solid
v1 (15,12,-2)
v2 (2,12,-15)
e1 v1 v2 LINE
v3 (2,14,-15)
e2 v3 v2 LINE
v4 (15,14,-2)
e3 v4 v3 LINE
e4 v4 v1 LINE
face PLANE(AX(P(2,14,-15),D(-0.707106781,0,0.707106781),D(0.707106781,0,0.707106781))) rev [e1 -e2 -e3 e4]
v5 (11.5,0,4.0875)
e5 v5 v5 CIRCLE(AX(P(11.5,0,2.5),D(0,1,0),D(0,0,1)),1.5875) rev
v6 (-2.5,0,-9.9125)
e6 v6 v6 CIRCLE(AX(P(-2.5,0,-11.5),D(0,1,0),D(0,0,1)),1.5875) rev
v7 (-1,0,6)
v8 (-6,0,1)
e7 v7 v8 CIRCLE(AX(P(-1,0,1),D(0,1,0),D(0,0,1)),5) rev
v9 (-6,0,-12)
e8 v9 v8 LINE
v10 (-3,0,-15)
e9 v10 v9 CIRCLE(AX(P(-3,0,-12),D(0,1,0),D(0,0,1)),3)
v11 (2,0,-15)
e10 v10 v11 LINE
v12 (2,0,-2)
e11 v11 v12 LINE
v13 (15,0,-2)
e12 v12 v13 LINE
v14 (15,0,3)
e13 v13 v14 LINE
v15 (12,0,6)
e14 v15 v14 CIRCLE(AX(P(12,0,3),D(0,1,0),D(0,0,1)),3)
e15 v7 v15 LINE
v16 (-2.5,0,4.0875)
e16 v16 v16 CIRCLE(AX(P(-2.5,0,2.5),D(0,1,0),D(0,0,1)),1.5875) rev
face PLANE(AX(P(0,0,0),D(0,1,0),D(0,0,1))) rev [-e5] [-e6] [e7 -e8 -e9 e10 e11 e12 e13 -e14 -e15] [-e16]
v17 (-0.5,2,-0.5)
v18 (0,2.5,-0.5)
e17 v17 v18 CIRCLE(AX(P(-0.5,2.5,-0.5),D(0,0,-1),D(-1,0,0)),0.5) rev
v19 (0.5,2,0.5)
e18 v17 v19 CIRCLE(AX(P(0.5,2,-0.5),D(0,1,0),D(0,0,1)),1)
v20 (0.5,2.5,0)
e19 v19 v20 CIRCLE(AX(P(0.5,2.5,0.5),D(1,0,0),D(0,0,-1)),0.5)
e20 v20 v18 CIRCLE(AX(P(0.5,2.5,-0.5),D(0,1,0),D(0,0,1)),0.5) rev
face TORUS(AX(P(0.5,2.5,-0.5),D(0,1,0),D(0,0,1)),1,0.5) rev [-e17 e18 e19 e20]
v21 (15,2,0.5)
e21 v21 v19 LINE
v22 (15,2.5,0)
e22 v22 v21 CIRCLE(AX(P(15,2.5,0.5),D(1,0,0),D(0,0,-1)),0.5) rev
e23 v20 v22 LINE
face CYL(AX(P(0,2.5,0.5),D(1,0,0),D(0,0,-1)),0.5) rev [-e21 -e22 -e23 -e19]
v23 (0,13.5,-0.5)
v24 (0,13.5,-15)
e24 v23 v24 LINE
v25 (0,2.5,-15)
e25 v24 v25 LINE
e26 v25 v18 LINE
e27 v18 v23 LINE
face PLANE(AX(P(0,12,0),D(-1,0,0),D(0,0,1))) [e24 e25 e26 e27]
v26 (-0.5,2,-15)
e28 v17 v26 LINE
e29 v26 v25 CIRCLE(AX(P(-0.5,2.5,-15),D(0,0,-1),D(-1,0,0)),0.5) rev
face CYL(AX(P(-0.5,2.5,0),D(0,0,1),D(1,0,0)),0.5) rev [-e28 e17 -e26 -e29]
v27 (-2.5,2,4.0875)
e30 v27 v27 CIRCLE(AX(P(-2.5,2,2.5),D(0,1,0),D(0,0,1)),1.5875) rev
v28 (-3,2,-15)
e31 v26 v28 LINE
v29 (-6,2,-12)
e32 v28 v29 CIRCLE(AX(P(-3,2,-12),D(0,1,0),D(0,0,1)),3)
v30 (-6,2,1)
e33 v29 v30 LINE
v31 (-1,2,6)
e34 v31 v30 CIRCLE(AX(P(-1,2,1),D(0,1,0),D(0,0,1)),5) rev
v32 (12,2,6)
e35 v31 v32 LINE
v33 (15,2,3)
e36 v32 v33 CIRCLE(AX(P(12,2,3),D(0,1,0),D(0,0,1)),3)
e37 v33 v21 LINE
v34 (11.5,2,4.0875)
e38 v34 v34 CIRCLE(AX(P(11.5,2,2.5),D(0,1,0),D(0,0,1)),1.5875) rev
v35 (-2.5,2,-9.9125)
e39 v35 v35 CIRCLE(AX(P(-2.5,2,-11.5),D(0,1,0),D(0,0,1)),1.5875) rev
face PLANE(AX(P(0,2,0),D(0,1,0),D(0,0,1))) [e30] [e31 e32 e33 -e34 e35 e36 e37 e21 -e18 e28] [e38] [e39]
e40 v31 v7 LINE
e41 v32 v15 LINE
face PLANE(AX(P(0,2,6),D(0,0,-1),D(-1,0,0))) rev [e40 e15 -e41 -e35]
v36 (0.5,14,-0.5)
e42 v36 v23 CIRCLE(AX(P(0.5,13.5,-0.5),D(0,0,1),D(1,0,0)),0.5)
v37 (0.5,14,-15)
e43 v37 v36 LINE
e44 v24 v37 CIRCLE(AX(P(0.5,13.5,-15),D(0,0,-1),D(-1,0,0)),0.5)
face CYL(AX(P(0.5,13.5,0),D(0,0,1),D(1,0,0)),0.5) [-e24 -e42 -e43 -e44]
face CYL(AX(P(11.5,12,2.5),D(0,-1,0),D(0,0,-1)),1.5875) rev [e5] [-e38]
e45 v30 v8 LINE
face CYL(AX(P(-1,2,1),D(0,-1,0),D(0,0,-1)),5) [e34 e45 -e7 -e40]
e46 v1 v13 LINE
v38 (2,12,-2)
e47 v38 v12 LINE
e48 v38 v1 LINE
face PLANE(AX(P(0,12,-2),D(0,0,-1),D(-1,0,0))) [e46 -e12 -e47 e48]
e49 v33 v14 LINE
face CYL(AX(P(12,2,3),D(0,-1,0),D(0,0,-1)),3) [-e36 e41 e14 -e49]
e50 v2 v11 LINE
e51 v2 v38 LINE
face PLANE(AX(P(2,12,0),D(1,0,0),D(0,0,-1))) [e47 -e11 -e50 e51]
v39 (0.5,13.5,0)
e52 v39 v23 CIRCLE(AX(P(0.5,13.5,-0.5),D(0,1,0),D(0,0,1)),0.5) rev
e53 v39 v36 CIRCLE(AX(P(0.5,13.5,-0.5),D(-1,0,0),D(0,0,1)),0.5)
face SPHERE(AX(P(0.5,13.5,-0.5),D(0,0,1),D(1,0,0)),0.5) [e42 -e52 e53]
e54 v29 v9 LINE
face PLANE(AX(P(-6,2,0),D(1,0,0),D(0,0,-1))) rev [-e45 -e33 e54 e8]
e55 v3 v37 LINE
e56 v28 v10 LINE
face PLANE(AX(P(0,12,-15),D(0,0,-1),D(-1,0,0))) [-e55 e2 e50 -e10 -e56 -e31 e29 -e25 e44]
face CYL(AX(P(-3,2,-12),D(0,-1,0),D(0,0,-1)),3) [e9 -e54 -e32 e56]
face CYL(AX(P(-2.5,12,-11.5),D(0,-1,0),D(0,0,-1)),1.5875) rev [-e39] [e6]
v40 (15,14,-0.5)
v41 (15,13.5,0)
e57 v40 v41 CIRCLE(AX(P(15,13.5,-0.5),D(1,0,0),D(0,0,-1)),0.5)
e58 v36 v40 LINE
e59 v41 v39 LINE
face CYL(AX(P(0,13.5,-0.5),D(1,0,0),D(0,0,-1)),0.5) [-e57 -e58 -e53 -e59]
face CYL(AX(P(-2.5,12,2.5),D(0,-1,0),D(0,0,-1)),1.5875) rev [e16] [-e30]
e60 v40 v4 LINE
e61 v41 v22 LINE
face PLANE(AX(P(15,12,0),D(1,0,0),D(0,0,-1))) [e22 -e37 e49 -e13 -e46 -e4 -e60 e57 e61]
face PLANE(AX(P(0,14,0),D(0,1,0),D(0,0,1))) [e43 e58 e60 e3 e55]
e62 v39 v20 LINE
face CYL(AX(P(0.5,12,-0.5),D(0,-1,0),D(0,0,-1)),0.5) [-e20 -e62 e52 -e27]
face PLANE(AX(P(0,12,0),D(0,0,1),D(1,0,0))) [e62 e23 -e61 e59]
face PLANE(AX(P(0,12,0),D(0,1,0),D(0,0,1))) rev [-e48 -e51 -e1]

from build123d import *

# Parameters (mm, degrees)
BOSS_EXTRUDE1_DEPTH     = 12
BOSS_EXTRUDE2_DEPTH     = 2
BOSS_EXTRUDE3_DEPTH     = 2
CUT_EXTRUDE1_DEPTH      = 12
CUT_EXTRUDE1_DEPTH_BACK = 2
SKETCH3_R               = 1.5875
FILLET1_R               = 0.5


with BuildPart() as part:
    # Sketch1 → Boss-Extrude1 (new body)
    with BuildSketch(Plane(origin=(0, 0, 0), x_dir=(1, 0, 0), z_dir=(0, 1, 0))):
        Polygon((0, 15), (0, 0), (15, 0), (15, 2), (2, 2), (2, 15), align=None)
    extrude(amount=BOSS_EXTRUDE1_DEPTH)

    # Sketch1<3> → Boss-Extrude2 (add)
    with BuildSketch(Plane(origin=(0, 0, 0), x_dir=(1, 0, 0), z_dir=(0, 1, 0))):
        with BuildLine():
            Line((15, 0), (0, 0))
            Line((0, 0), (0, 15))
            Line((0, 15), (-3, 15))
            ThreePointArc((-3, 15), (-5.121320344, 14.121320344), (-6, 12))
            Line((-6, 12), (-6, -1))
            ThreePointArc((-6, -1), (-4.535533906, -4.535533906), (-1, -6))
            Line((-1, -6), (12, -6))
            ThreePointArc((12, -6), (14.121320344, -5.121320344), (15, -3))
            Line((15, -3), (15, 0))
        make_face()
    extrude(amount=BOSS_EXTRUDE2_DEPTH)

    # Sketch2 → Boss-Extrude3 (add)
    with BuildSketch(Plane(origin=(0, 12, 0), x_dir=(1, 0, 0), z_dir=(0, 1, 0))):
        Polygon((2, 15), (15, 2), (15, 0), (0, 0), (0, 15), align=None)
    extrude(amount=BOSS_EXTRUDE3_DEPTH)

    # Sketch3 → Cut-Extrude1 (cut, two sides: drawn at the far end of the back side and taken through both)
    with BuildSketch(Plane(origin=(0, 0, 0), x_dir=(1, 0, 0), z_dir=(0, 1, 0)).offset(-CUT_EXTRUDE1_DEPTH_BACK)):
        with Locations((-2.5, -2.5)):
            Circle(SKETCH3_R)
        with Locations((-2.5, 11.5)):
            Circle(SKETCH3_R)
        with Locations((11.5, -2.5)):
            Circle(SKETCH3_R)
    extrude(amount=CUT_EXTRUDE1_DEPTH + CUT_EXTRUDE1_DEPTH_BACK, mode=Mode.SUBTRACT)

    # Fillet1
    fillet1_edges = [part.edges().sort_by_distance(p)[0] for p in [
        (0, 2, -7.5),
        (7.5, 2, 0),
        (7.5, 14, 0),
        (0, 8, 0),
        (0, 14, -7.5),
    ]]
    fillet(fillet1_edges, radius=FILLET1_R)


solid = part.part
